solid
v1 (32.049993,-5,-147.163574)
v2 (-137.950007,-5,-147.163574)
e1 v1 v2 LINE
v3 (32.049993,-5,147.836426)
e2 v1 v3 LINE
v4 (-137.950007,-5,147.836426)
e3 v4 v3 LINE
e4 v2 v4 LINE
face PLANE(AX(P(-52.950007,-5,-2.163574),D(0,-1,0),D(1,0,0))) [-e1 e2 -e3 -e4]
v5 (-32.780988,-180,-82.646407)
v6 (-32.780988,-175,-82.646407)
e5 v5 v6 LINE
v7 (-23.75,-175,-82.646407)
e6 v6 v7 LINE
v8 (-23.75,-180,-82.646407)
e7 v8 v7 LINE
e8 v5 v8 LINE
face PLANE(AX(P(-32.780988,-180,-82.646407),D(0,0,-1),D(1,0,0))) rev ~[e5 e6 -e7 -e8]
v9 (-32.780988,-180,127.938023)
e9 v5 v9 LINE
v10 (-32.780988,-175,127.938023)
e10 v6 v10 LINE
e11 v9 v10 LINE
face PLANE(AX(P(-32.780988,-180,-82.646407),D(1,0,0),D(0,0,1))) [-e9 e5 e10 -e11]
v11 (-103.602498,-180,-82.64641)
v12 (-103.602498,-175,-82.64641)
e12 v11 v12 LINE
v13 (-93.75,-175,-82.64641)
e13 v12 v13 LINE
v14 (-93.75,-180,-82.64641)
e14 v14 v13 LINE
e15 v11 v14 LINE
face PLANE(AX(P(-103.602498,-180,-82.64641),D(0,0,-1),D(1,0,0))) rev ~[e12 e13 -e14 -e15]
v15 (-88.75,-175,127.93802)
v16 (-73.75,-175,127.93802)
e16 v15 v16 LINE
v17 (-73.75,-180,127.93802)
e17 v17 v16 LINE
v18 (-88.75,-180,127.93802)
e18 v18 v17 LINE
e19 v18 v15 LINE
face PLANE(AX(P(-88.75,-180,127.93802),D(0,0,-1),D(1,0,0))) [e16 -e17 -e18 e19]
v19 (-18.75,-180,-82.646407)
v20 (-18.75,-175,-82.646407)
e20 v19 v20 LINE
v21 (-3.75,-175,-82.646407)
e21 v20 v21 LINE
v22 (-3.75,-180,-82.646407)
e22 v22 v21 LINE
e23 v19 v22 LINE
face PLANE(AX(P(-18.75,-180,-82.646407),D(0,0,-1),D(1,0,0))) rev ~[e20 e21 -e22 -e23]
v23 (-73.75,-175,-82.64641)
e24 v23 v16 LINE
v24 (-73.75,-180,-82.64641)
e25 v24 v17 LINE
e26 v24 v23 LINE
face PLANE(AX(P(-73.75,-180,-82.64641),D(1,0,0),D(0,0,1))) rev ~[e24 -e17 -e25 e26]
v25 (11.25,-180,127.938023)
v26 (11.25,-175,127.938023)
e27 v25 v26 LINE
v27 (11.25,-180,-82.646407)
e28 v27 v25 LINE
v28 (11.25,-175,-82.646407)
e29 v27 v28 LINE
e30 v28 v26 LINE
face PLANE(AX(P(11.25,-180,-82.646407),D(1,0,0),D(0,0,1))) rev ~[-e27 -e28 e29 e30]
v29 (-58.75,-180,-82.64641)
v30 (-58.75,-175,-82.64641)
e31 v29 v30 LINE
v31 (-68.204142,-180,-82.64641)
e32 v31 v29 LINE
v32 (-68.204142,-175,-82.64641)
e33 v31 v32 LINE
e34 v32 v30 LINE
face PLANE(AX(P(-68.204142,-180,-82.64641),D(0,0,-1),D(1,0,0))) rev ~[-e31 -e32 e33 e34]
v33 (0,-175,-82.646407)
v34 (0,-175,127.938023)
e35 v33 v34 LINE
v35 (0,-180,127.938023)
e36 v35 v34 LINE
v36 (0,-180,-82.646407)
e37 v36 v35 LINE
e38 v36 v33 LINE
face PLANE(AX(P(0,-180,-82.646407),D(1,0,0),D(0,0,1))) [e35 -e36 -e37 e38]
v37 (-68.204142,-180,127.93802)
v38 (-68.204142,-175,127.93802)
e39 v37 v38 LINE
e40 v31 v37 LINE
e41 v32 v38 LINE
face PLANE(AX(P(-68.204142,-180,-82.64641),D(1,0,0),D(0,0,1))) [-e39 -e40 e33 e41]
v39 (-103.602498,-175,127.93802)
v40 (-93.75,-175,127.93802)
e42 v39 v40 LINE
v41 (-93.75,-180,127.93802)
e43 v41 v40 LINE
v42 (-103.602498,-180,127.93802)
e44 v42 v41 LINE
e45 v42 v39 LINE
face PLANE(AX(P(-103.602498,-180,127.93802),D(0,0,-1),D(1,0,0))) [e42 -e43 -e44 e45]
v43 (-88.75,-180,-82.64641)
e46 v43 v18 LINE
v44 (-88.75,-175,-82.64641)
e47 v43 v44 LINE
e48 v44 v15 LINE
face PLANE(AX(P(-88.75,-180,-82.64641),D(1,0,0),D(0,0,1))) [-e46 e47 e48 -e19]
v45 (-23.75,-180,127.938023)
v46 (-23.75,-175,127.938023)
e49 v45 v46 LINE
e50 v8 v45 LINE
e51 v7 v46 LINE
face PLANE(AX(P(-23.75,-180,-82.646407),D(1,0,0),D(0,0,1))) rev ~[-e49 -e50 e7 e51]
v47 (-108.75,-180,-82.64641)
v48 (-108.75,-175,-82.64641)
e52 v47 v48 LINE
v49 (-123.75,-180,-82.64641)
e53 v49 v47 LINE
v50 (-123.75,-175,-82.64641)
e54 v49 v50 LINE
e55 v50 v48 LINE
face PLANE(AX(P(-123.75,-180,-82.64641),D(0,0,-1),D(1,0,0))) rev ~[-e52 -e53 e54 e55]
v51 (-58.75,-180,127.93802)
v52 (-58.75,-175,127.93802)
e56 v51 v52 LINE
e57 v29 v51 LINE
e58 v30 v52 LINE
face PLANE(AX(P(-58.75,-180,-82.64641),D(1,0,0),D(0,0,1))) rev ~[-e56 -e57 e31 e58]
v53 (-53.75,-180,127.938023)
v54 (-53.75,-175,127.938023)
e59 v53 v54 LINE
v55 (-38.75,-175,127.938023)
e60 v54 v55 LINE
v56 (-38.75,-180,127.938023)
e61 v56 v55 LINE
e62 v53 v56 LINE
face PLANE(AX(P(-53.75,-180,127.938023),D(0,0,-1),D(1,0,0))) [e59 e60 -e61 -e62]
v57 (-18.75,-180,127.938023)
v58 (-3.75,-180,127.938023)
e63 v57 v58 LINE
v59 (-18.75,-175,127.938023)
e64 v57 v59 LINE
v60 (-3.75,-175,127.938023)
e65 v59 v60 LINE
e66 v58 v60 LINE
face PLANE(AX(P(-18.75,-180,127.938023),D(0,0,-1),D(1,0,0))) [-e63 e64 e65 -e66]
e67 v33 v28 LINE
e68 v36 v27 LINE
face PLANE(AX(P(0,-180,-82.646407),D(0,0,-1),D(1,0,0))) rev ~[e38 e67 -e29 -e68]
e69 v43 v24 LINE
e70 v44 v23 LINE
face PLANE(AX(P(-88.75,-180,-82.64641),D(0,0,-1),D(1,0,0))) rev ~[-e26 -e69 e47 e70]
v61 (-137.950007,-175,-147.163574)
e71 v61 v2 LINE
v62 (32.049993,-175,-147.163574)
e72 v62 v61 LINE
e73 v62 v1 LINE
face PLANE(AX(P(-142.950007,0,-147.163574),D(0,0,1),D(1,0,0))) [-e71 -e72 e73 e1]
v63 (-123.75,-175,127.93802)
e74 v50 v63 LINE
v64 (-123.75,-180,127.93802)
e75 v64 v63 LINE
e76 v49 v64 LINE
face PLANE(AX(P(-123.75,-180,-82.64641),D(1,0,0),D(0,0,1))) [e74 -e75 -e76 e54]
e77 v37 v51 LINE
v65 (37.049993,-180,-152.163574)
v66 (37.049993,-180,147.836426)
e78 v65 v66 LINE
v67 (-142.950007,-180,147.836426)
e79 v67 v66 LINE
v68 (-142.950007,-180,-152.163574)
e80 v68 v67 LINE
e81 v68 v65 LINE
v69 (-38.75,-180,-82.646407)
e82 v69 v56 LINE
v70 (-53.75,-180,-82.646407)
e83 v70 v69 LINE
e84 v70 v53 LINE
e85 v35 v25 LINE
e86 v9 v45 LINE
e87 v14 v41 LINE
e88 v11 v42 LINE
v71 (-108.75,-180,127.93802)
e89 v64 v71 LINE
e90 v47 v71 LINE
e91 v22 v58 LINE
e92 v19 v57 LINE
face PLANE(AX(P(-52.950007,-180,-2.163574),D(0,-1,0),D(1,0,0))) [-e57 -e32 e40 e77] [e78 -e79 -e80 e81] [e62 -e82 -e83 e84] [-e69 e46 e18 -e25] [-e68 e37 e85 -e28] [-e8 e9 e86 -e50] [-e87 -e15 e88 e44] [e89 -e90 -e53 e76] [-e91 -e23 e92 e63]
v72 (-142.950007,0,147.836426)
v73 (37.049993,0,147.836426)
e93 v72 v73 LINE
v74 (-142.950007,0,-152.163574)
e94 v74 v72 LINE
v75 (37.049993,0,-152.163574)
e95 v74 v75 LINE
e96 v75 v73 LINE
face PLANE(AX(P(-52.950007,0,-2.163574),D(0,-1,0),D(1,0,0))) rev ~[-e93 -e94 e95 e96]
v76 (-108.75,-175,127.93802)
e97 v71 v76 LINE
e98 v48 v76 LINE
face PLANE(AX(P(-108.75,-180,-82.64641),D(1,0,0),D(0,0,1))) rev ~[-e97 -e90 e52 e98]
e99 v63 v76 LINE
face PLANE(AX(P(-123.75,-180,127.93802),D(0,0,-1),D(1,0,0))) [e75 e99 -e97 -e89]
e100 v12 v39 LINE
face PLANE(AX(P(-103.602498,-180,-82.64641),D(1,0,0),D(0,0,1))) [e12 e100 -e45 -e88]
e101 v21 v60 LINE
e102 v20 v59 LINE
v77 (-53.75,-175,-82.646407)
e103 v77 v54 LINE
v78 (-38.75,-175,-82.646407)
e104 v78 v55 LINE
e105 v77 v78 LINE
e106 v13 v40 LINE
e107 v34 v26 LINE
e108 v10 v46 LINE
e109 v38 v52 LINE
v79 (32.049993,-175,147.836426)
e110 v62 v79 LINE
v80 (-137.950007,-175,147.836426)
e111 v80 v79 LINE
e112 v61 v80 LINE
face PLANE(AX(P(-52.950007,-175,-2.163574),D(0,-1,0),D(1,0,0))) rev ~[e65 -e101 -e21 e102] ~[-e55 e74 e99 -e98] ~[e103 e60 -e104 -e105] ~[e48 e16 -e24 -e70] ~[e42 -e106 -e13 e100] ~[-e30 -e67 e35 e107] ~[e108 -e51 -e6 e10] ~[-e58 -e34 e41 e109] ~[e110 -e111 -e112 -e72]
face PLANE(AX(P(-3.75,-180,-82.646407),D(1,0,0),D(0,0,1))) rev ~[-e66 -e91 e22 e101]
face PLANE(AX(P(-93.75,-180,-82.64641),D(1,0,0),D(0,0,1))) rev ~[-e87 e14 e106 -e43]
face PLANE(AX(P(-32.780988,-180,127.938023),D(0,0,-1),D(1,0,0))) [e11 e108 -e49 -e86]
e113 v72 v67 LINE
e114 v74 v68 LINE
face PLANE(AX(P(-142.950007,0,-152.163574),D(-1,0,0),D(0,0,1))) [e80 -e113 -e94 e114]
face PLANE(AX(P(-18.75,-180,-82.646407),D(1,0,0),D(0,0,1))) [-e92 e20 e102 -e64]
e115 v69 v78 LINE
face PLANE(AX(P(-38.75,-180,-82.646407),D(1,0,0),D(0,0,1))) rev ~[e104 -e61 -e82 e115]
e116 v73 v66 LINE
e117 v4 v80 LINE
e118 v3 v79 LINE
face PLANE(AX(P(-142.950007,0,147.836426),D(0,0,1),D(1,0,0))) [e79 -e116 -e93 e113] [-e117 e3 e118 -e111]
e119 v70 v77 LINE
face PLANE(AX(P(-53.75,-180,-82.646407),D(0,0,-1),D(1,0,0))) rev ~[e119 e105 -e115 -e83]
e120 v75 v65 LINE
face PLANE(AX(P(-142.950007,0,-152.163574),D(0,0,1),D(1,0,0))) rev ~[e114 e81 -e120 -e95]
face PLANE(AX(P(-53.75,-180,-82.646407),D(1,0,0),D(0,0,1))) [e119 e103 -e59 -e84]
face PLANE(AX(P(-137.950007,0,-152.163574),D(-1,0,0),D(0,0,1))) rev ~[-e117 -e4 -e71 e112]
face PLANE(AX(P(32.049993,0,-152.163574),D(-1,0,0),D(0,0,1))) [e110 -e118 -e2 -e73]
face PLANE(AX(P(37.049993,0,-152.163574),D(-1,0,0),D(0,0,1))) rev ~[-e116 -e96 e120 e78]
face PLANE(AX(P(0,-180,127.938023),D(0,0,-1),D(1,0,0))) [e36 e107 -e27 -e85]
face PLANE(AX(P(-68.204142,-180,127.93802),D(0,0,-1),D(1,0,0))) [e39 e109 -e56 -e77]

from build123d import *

# Parameters (mm, degrees)
F0_W     = 180
F0_H     = 300
F1_DEPTH = 180
F2_T     = -5
F3_W     = 15
F3_H     = 210.58443
F3_W_2   = 9.852498
F3_W_3   = 9.454142
F3_W_4   = 9.030989
F3_W_5   = 11.25
F4_DEPTH = 25


with BuildPart() as f1:
    # F0 (on Front) → F1 (new body)
    with BuildSketch(Plane.XZ):
        with Locations((-52.950007, -2.163574)):
            Rectangle(F0_W, F0_H)
    extrude(amount=F1_DEPTH)

    # F2
    f2_openings = [f1.faces().sort_by_distance(p)[0] for p in [
        (-52.950007, -90, 147.836426),
    ]]
    offset(amount=F2_T, openings=f2_openings)

    # F3 (on face) → F4 (cut)
    with BuildSketch(Plane.XZ.offset(180)):
        with Locations((-116.25, 22.645805)):
            Rectangle(F3_W, F3_H)
        with Locations((-98.676249, 22.645805)):
            Rectangle(F3_W_2, F3_H)
        with Locations((-81.25, 22.645805)):
            Rectangle(F3_W, F3_H)
        with Locations((-63.477071, 22.645805)):
            Rectangle(F3_W_3, F3_H)
        with Locations((-46.25, 22.645808)):
            Rectangle(F3_W, F3_H)
        with Locations((-28.265494, 22.645808)):
            Rectangle(F3_W_4, F3_H)
        with Locations((-11.25, 22.645808)):
            Rectangle(F3_W, F3_H)
        with Locations((5.625, 22.645808)):
            Rectangle(F3_W_5, F3_H)
    extrude(amount=-F4_DEPTH, mode=Mode.SUBTRACT)


solid = f1.part
